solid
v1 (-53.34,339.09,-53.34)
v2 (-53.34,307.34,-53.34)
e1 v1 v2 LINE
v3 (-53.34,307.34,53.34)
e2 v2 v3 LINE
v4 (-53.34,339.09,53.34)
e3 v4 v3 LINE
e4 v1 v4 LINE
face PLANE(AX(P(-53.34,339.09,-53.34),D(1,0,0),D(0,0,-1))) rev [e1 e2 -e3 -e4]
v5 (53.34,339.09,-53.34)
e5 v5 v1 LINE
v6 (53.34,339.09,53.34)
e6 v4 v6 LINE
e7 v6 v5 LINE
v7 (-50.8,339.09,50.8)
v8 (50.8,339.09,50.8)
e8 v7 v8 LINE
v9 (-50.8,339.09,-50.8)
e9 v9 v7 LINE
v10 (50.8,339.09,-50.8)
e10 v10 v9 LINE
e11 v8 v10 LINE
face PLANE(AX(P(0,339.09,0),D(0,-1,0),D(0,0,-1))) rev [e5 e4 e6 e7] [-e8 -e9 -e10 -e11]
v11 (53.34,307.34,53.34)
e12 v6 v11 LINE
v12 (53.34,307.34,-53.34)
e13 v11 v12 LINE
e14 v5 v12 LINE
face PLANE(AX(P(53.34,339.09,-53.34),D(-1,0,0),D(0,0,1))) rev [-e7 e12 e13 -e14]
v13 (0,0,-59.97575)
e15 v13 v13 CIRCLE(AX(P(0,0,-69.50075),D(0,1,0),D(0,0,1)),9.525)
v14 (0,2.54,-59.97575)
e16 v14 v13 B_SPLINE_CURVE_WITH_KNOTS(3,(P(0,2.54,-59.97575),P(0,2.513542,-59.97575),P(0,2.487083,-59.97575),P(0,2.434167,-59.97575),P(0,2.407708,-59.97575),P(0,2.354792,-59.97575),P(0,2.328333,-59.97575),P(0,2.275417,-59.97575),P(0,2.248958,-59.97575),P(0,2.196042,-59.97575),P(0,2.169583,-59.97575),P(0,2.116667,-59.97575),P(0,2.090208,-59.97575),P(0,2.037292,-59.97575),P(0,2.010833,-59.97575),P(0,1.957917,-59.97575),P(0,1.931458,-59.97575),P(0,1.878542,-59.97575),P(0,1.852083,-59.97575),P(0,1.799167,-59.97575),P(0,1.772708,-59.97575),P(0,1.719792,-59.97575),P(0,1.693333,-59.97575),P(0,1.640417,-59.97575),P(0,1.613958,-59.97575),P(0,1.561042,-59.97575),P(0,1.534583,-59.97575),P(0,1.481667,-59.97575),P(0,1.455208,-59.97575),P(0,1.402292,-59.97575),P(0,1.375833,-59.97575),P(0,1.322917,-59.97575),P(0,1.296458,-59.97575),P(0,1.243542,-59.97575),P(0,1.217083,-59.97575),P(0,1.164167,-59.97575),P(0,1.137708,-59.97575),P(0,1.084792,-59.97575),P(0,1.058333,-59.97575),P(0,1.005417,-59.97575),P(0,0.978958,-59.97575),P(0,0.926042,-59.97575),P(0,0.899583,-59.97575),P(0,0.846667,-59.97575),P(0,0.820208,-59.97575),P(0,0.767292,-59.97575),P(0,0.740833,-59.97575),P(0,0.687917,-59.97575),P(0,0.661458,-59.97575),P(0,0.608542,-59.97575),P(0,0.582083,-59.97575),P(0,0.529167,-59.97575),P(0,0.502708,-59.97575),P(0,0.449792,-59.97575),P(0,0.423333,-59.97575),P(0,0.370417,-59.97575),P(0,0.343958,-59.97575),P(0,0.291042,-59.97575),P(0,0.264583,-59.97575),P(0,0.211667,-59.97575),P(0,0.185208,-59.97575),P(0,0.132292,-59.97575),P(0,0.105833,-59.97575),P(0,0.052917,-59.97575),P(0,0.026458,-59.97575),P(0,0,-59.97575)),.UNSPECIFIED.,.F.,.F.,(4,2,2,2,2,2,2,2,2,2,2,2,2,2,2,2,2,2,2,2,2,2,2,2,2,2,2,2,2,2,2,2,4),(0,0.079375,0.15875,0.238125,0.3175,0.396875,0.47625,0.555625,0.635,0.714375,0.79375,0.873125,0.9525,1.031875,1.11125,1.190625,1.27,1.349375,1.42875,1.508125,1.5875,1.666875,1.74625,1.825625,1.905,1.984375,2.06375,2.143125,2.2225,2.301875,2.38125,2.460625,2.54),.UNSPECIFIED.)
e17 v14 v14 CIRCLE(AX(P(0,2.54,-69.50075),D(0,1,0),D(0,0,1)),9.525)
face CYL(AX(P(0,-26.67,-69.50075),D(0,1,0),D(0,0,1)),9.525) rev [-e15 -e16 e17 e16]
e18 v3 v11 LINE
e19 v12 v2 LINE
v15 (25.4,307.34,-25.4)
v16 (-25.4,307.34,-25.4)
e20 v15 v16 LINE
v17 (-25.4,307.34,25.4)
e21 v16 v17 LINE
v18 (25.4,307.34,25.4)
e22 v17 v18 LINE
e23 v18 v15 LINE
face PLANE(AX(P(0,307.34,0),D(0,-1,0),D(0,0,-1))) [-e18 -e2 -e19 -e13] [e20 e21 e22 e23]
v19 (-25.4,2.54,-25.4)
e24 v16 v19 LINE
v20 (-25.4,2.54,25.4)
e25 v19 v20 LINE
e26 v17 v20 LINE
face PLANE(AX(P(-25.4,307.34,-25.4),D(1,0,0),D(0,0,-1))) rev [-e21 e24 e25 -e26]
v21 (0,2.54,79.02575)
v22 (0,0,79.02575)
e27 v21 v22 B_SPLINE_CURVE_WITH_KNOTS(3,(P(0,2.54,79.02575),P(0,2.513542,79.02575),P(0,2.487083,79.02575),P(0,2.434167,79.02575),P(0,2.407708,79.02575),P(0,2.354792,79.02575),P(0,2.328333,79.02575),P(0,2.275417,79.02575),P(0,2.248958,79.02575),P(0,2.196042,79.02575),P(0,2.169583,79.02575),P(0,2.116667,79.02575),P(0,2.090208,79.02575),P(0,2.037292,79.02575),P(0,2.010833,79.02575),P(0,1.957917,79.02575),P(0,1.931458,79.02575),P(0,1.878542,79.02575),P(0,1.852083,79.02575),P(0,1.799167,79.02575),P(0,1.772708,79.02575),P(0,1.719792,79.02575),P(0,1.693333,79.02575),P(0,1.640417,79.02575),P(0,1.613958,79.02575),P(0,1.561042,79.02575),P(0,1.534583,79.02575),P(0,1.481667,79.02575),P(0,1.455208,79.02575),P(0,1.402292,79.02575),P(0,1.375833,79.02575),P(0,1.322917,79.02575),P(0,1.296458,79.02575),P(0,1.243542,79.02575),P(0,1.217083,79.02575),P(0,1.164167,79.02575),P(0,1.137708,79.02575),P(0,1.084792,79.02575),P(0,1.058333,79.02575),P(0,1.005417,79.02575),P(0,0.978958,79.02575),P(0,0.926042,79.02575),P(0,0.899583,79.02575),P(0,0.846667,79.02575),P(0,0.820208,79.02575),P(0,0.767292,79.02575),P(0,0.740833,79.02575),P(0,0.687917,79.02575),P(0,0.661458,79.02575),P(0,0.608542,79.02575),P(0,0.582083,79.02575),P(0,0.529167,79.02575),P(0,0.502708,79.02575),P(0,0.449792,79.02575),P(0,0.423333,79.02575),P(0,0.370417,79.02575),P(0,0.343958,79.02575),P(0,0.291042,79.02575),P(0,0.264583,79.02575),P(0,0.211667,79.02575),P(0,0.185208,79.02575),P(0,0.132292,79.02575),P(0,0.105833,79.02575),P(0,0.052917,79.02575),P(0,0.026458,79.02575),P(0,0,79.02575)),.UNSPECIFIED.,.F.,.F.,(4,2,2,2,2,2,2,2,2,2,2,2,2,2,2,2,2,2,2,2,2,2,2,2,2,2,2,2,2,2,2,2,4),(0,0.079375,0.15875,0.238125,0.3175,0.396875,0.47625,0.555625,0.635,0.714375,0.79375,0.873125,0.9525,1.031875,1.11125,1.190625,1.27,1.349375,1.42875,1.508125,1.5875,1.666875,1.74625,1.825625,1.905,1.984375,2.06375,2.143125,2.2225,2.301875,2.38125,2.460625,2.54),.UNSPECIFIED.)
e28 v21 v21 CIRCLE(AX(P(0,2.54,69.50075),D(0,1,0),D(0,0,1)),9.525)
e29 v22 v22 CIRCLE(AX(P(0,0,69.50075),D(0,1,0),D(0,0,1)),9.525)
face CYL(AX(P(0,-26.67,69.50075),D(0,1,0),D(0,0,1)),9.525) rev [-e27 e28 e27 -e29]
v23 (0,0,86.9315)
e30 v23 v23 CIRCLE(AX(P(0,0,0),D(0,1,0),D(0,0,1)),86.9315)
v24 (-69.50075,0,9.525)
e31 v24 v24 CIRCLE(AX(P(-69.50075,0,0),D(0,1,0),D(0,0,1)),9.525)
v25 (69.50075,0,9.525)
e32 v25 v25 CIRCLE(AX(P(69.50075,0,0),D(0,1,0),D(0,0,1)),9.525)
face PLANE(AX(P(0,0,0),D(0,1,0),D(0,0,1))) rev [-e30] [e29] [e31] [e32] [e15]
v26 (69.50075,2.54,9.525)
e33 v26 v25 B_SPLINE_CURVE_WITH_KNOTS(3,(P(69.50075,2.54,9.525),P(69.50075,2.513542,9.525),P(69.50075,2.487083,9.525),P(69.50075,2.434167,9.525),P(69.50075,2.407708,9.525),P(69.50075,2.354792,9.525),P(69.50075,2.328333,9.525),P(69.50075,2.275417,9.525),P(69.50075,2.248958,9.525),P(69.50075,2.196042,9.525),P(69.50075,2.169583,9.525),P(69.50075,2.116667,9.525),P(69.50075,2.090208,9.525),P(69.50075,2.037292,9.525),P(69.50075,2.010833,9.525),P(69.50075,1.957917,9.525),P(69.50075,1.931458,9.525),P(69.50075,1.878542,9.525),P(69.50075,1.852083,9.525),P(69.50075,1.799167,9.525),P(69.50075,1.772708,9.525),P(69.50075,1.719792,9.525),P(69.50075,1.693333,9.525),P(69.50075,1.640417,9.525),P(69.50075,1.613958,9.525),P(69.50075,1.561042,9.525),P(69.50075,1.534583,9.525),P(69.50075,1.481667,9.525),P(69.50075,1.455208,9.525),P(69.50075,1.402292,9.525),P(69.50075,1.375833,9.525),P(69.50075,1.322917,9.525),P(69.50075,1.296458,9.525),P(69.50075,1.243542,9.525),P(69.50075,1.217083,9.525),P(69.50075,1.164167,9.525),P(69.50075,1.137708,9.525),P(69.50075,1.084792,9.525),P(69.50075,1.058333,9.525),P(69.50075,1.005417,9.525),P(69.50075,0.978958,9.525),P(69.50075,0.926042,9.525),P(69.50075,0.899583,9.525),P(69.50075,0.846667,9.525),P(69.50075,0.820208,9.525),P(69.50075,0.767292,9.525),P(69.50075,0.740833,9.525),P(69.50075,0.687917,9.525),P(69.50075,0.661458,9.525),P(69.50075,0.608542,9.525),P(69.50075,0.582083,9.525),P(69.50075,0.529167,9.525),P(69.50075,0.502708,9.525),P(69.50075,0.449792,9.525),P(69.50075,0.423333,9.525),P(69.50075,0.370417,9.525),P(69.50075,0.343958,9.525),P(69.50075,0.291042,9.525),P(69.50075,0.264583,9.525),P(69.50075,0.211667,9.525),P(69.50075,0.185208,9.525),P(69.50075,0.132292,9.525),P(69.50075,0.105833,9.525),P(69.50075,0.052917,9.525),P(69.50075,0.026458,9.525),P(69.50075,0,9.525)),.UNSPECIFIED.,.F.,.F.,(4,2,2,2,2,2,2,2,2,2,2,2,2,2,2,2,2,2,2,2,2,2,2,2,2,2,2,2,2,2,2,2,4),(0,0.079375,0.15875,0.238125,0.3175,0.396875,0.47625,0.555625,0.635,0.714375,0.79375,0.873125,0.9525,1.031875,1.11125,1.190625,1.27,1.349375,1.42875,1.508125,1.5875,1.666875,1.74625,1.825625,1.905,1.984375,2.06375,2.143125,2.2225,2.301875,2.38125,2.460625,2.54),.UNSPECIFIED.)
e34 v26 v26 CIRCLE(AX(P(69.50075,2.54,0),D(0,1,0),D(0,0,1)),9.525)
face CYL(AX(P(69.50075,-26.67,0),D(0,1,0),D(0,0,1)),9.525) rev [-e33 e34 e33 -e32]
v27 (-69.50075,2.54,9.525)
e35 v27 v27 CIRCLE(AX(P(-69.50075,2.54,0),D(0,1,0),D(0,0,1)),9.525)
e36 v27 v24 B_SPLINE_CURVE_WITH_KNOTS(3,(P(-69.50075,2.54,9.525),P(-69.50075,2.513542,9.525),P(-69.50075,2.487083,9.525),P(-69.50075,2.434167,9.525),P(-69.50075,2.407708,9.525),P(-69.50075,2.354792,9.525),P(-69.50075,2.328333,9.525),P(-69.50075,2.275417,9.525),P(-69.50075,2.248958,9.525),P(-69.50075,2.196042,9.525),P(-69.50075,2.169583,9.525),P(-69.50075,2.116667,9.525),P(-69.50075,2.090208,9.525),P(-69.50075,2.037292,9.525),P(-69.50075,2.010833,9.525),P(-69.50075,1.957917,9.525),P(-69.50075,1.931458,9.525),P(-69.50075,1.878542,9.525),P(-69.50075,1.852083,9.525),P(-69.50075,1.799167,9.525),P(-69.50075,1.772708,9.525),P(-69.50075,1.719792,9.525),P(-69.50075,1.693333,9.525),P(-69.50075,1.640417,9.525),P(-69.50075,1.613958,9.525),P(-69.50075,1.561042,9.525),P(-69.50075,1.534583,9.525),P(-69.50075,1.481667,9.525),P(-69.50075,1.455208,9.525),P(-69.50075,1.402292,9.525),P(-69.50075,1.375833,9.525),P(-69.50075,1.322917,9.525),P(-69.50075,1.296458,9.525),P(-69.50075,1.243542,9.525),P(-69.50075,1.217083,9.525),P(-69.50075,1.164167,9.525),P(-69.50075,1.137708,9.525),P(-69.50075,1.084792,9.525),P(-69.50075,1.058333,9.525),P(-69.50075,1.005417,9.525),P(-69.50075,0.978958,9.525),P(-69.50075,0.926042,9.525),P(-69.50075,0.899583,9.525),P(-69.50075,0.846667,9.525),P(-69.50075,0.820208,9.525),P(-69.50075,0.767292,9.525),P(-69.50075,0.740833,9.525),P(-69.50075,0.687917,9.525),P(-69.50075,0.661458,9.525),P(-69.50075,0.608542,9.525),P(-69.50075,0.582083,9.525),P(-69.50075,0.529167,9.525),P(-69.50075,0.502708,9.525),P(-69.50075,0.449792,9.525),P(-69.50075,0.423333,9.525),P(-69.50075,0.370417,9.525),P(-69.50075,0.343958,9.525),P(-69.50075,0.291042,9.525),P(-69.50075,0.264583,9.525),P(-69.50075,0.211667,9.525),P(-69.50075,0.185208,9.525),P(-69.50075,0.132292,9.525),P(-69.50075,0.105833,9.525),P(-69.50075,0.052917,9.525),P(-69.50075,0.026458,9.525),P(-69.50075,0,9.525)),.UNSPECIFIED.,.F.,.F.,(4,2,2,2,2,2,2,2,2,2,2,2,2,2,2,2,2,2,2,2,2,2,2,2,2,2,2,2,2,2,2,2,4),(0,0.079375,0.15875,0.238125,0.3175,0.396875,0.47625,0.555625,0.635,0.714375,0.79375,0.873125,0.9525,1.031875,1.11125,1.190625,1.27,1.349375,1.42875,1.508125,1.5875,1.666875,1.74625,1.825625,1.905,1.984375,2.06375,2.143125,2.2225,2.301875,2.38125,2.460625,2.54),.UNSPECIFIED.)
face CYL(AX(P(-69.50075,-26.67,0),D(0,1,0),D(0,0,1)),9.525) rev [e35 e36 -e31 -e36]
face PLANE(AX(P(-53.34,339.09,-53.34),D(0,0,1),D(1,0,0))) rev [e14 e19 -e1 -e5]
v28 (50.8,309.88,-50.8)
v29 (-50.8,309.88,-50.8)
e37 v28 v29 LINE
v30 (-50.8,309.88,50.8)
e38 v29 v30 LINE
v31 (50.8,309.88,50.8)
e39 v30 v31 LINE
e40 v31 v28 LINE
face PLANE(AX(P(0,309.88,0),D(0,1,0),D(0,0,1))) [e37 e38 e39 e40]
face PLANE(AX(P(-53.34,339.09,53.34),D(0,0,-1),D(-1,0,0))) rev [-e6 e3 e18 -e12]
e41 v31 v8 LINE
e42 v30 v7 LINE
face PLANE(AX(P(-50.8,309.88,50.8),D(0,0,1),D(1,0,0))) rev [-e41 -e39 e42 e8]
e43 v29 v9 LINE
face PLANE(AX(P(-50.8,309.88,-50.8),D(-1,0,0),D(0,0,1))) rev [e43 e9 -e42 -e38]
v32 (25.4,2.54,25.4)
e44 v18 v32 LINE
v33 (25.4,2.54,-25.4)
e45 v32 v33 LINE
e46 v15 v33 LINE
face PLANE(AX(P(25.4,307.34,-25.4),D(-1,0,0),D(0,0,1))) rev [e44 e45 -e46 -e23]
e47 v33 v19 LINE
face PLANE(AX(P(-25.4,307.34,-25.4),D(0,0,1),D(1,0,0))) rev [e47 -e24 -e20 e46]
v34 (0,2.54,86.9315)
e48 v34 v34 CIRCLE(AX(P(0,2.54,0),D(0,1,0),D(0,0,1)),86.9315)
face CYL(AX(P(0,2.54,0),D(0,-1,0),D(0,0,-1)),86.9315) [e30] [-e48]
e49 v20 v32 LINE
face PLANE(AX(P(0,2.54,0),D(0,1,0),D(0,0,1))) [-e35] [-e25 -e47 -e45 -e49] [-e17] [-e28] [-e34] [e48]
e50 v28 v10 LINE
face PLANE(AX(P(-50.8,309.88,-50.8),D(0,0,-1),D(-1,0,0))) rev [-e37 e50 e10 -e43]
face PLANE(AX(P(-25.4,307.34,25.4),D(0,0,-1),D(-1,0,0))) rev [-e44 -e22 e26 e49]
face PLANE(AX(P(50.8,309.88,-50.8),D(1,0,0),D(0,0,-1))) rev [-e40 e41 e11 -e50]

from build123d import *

# Parameters (mm, degrees)
SKETCH1_R           = 86.9315
BOSS_EXTRUDE1_DEPTH = 2.54
SKETCH2_W           = 50.8
SKETCH2_H           = 50.8
BOSS_EXTRUDE2_DEPTH = 304.8
SKETCH3_W           = 106.68
SKETCH3_H           = 106.68
BOSS_EXTRUDE4_DEPTH = 31.75
SKETCH4_W           = 101.6
SKETCH4_H           = 101.6
CUT_EXTRUDE1_DEPTH  = 29.21
SKETCH6_R           = 9.525
CUT_EXTRUDE3_DEPTH  = 29.21


with BuildPart() as part:
    # Sketch1 → Boss-Extrude1 (new body)
    with BuildSketch(Plane(origin=(0, 0, 0), x_dir=(1, 0, 0), z_dir=(0, 1, 0))):
        with Locations(Location((0, 0, 0), (0, 0, 270))):
            Circle(SKETCH1_R)
    extrude(amount=BOSS_EXTRUDE1_DEPTH)

    # Sketch2 → Boss-Extrude2 (add)
    with BuildSketch(Plane(origin=(0, 2.54, 0), x_dir=(1, 0, 0), z_dir=(0, 1, 0))):
        Rectangle(SKETCH2_W, SKETCH2_H)
    extrude(amount=BOSS_EXTRUDE2_DEPTH)

    # Sketch3 → Boss-Extrude4 (add)
    with BuildSketch(Plane(origin=(0, 307.34, 0), x_dir=(1, 0, 0), z_dir=(0, 1, 0))):
        Rectangle(SKETCH3_W, SKETCH3_H)
    extrude(amount=BOSS_EXTRUDE4_DEPTH)

    # Sketch4 → Cut-Extrude1 (cut)
    with BuildSketch(Plane(origin=(0, 339.09, 0), x_dir=(1, 0, 0), z_dir=(0, 1, 0))):
        Rectangle(SKETCH4_W, SKETCH4_H)
    extrude(amount=-CUT_EXTRUDE1_DEPTH, mode=Mode.SUBTRACT)

    # Sketch6 → Cut-Extrude3 (cut)
    with BuildSketch(Plane(origin=(0, 2.54, 0), x_dir=(1, 0, 0), z_dir=(0, 1, 0))):
        with Locations(Location((0, 69.50075, 0), (0, 0, 270))):
            Circle(SKETCH6_R)
        with Locations(Location((69.50075, 0, 0), (0, 0, 270))):
            Circle(SKETCH6_R)
        with Locations(Location((0, -69.50075, 0), (0, 0, 270))):
            Circle(SKETCH6_R)
        with Locations(Location((-69.50075, 0, 0), (0, 0, 270))):
            Circle(SKETCH6_R)
    extrude(amount=-CUT_EXTRUDE3_DEPTH, mode=Mode.SUBTRACT)


solid = part.part
